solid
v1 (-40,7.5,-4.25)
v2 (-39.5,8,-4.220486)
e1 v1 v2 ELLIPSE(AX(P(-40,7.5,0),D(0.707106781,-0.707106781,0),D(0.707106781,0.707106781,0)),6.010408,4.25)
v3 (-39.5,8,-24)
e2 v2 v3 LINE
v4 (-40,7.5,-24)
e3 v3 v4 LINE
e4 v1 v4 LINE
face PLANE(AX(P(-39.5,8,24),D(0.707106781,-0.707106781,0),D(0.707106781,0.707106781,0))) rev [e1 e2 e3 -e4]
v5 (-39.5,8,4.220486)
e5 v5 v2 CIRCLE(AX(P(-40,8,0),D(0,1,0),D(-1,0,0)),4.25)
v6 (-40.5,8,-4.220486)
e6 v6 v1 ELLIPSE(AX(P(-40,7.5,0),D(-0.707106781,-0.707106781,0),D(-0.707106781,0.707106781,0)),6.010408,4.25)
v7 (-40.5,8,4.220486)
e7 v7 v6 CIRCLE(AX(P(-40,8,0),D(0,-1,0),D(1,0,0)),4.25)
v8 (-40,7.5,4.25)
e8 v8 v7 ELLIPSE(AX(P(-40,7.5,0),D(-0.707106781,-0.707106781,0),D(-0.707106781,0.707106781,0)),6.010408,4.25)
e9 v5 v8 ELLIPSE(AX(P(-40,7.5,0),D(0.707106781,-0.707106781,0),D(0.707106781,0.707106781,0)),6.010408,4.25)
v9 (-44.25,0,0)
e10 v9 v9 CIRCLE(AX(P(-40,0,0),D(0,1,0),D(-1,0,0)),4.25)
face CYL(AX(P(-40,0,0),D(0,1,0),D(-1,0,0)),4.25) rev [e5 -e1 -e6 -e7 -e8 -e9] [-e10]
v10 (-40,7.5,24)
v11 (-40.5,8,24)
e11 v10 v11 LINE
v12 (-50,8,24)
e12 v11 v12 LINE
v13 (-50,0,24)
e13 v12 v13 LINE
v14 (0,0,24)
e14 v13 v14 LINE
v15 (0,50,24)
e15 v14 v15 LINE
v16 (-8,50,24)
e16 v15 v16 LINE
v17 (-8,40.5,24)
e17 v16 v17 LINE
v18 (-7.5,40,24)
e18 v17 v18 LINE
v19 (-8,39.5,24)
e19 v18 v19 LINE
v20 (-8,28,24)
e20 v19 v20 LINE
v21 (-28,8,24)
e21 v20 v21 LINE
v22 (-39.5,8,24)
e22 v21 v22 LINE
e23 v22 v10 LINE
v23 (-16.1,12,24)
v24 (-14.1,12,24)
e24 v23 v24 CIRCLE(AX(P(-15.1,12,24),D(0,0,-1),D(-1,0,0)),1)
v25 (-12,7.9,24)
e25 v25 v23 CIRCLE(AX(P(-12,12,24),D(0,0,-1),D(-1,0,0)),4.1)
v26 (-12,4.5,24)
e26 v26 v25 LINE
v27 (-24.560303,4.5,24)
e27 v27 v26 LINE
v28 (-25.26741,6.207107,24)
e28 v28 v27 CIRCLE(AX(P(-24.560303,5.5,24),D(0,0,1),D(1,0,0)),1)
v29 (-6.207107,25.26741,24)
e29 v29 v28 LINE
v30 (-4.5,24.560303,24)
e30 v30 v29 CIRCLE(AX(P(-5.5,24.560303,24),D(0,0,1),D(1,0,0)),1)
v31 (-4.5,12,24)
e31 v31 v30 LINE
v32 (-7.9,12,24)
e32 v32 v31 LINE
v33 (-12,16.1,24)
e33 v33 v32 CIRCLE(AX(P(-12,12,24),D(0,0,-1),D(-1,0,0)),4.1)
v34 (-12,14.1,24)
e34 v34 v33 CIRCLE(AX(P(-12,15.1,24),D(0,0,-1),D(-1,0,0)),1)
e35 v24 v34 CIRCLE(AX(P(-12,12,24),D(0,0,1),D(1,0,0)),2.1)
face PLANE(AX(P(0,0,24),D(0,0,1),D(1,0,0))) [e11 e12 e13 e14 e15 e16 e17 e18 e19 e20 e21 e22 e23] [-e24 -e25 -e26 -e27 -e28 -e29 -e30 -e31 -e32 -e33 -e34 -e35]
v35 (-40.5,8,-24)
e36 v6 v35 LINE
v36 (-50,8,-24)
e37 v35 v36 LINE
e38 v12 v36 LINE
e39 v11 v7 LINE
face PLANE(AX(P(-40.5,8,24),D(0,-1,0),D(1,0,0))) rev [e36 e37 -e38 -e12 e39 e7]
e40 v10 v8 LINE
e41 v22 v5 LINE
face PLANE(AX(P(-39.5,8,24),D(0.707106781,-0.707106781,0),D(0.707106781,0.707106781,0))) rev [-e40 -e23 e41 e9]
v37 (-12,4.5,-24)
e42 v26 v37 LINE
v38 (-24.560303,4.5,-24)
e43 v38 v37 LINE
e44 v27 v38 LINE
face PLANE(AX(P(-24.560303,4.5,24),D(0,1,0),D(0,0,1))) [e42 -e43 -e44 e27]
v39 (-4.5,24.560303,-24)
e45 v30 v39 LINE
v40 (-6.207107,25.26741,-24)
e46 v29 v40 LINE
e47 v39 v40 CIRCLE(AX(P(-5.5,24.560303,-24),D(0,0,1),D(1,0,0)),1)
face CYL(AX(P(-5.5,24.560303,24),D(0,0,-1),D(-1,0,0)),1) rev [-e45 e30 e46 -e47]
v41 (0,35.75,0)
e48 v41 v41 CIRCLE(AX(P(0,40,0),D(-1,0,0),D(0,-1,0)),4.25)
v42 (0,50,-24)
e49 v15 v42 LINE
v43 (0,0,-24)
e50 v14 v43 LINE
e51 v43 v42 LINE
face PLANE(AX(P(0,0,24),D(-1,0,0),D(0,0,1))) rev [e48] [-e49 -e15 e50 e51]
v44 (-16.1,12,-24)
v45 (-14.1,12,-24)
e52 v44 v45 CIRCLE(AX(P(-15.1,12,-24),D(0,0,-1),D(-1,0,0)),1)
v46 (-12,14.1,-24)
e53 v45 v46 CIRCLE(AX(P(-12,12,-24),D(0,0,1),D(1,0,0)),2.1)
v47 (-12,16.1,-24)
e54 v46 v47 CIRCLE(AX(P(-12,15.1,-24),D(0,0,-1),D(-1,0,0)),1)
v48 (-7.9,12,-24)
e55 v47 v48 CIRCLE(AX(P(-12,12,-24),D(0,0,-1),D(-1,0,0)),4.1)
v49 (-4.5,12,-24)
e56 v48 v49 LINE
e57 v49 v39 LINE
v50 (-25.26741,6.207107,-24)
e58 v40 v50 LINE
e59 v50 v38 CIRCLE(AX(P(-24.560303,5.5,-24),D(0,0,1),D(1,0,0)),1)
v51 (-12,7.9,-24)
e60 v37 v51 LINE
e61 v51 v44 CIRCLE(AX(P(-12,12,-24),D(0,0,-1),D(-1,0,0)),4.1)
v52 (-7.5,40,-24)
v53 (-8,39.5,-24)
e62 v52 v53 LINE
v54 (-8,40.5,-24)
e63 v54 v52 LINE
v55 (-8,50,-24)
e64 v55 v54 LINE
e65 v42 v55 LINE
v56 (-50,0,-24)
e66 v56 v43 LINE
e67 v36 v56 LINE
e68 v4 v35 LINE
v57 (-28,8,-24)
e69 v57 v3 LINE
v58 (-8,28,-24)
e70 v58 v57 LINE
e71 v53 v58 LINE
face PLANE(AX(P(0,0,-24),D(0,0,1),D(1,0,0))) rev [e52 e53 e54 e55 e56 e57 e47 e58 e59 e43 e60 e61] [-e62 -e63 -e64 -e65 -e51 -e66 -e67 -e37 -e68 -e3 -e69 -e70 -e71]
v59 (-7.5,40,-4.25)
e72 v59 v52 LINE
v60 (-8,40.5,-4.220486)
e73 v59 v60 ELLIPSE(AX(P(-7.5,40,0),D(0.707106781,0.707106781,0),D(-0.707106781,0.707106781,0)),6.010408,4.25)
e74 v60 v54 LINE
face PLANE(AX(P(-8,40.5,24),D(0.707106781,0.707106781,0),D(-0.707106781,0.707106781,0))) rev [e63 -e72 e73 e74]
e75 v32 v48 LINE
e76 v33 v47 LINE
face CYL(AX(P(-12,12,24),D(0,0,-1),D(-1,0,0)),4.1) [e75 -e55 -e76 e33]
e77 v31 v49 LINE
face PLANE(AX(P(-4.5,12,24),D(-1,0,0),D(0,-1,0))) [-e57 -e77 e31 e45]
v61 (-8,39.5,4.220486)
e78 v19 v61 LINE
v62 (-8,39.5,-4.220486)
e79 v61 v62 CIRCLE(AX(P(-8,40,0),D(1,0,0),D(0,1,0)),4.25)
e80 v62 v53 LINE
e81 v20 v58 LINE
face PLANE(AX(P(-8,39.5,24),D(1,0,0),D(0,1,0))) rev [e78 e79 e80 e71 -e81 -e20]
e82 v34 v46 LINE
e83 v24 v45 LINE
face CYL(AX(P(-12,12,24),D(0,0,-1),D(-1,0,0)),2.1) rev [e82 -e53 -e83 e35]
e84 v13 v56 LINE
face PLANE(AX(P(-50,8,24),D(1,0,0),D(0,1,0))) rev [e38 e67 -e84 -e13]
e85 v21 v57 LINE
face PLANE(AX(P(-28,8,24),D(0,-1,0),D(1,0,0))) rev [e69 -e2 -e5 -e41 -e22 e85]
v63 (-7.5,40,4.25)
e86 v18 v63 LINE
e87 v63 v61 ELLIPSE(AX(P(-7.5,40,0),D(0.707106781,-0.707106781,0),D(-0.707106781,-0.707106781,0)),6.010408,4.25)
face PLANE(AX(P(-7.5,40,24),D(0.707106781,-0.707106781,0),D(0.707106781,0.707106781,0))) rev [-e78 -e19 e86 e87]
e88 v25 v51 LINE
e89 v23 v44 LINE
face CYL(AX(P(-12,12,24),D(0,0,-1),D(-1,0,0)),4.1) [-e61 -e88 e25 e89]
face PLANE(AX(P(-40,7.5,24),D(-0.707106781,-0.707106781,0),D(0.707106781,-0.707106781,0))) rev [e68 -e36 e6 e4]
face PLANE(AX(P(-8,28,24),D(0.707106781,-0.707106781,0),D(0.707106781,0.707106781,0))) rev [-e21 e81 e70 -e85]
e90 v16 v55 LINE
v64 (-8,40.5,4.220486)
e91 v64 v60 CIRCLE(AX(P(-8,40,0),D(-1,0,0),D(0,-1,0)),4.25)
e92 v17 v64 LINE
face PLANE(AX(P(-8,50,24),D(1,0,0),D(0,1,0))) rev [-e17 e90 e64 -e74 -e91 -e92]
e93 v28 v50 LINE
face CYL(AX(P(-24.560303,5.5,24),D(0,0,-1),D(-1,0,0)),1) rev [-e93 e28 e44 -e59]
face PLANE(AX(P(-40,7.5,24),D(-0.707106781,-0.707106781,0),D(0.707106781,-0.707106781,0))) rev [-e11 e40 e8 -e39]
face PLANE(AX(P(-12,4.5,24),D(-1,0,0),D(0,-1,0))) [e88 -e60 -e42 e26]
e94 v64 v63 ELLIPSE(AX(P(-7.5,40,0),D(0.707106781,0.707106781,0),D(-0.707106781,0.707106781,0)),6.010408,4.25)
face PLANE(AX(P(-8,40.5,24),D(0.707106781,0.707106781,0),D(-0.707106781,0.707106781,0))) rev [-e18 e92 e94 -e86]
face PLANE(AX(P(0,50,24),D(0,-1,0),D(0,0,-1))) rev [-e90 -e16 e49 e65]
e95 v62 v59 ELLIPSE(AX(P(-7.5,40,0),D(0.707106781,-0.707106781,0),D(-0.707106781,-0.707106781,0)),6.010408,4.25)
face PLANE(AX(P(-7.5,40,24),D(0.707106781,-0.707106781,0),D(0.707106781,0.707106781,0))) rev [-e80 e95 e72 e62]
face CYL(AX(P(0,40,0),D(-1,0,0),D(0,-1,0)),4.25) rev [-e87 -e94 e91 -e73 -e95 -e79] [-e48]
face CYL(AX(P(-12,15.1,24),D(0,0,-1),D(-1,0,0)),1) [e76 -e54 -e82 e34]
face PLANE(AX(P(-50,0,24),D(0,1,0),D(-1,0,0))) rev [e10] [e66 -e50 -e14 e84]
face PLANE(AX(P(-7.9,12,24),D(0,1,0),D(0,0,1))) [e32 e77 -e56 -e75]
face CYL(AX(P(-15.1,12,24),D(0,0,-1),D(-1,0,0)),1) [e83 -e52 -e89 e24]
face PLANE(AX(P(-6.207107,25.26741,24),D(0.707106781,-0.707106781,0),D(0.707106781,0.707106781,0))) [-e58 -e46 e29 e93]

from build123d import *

# Parameters (mm, degrees)
EXTRUDE_1_DEPTH     = 24
SKETCH_2_R          = 4.25
CUT_EXTRUDE_1_DEPTH = 9
SKETCH_3_R          = 4.25
CUT_EXTRUDE_2_DEPTH = 9


with BuildPart() as part:
    # Эскиз1 → Бобышка-Вытянуть1 (new body, symmetric)
    with BuildSketch(Plane.XY):
        Polygon((-50, 0), (0, 0), (0, 50), (-8, 50), (-8, 40.5), (-7.5, 40), (-8, 39.5), (-8, 28), (-28, 8), (-39.5, 8), (-40, 7.5), (-40.5, 8), (-50, 8), align=None)
        with BuildLine():
            Line((-4.5, 12), (-4.5, 24.560303038))
            ThreePointArc((-4.5, 24.560303038), (-5.117316568, 25.484182571), (-6.207106781, 25.267409819))
            Line((-6.207106781, 25.267409819), (-25.267409819, 6.207106781))
            ThreePointArc((-25.267409819, 6.207106781), (-25.484182571, 5.117316568), (-24.560303038, 4.5))
            Line((-24.560303038, 4.5), (-12, 4.5))
            Line((-12, 4.5), (-12, 7.9))
            ThreePointArc((-12, 7.9), (-14.899137803, 9.100862197), (-16.1, 12))
            ThreePointArc((-16.1, 12), (-15.1, 13), (-14.1, 12))
            ThreePointArc((-14.1, 12), (-10.51507576, 10.51507576), (-12, 14.1))
            ThreePointArc((-12, 14.1), (-13, 15.1), (-12, 16.1))
            ThreePointArc((-12, 16.1), (-9.100862197, 14.899137803), (-7.9, 12))
            Line((-7.9, 12), (-4.5, 12))
        make_face(mode=Mode.SUBTRACT)
    extrude(amount=EXTRUDE_1_DEPTH, both=True)

    # Эскиз2 → Вырез-Вытянуть1 (cut, through all)
    with BuildSketch(Plane.ZY.offset(8)):
        with Locations(Location((0, 40, 0), (0, 0, 270))):  # turned: the seam where the file's is
            Circle(SKETCH_2_R)
    extrude(amount=-CUT_EXTRUDE_1_DEPTH, mode=Mode.SUBTRACT)

    # Эскиз3 → Вырез-Вытянуть2 (cut, through all)
    with BuildSketch(Plane(origin=(0, 8, 0), x_dir=(1, 0, 0), z_dir=(0, 1, 0))):
        with Locations(Location((-40, 0, 0), (0, 0, 180))):  # turned: the seam where the file's is
            Circle(SKETCH_3_R)
    extrude(amount=-CUT_EXTRUDE_2_DEPTH, mode=Mode.SUBTRACT)


solid = part.part
